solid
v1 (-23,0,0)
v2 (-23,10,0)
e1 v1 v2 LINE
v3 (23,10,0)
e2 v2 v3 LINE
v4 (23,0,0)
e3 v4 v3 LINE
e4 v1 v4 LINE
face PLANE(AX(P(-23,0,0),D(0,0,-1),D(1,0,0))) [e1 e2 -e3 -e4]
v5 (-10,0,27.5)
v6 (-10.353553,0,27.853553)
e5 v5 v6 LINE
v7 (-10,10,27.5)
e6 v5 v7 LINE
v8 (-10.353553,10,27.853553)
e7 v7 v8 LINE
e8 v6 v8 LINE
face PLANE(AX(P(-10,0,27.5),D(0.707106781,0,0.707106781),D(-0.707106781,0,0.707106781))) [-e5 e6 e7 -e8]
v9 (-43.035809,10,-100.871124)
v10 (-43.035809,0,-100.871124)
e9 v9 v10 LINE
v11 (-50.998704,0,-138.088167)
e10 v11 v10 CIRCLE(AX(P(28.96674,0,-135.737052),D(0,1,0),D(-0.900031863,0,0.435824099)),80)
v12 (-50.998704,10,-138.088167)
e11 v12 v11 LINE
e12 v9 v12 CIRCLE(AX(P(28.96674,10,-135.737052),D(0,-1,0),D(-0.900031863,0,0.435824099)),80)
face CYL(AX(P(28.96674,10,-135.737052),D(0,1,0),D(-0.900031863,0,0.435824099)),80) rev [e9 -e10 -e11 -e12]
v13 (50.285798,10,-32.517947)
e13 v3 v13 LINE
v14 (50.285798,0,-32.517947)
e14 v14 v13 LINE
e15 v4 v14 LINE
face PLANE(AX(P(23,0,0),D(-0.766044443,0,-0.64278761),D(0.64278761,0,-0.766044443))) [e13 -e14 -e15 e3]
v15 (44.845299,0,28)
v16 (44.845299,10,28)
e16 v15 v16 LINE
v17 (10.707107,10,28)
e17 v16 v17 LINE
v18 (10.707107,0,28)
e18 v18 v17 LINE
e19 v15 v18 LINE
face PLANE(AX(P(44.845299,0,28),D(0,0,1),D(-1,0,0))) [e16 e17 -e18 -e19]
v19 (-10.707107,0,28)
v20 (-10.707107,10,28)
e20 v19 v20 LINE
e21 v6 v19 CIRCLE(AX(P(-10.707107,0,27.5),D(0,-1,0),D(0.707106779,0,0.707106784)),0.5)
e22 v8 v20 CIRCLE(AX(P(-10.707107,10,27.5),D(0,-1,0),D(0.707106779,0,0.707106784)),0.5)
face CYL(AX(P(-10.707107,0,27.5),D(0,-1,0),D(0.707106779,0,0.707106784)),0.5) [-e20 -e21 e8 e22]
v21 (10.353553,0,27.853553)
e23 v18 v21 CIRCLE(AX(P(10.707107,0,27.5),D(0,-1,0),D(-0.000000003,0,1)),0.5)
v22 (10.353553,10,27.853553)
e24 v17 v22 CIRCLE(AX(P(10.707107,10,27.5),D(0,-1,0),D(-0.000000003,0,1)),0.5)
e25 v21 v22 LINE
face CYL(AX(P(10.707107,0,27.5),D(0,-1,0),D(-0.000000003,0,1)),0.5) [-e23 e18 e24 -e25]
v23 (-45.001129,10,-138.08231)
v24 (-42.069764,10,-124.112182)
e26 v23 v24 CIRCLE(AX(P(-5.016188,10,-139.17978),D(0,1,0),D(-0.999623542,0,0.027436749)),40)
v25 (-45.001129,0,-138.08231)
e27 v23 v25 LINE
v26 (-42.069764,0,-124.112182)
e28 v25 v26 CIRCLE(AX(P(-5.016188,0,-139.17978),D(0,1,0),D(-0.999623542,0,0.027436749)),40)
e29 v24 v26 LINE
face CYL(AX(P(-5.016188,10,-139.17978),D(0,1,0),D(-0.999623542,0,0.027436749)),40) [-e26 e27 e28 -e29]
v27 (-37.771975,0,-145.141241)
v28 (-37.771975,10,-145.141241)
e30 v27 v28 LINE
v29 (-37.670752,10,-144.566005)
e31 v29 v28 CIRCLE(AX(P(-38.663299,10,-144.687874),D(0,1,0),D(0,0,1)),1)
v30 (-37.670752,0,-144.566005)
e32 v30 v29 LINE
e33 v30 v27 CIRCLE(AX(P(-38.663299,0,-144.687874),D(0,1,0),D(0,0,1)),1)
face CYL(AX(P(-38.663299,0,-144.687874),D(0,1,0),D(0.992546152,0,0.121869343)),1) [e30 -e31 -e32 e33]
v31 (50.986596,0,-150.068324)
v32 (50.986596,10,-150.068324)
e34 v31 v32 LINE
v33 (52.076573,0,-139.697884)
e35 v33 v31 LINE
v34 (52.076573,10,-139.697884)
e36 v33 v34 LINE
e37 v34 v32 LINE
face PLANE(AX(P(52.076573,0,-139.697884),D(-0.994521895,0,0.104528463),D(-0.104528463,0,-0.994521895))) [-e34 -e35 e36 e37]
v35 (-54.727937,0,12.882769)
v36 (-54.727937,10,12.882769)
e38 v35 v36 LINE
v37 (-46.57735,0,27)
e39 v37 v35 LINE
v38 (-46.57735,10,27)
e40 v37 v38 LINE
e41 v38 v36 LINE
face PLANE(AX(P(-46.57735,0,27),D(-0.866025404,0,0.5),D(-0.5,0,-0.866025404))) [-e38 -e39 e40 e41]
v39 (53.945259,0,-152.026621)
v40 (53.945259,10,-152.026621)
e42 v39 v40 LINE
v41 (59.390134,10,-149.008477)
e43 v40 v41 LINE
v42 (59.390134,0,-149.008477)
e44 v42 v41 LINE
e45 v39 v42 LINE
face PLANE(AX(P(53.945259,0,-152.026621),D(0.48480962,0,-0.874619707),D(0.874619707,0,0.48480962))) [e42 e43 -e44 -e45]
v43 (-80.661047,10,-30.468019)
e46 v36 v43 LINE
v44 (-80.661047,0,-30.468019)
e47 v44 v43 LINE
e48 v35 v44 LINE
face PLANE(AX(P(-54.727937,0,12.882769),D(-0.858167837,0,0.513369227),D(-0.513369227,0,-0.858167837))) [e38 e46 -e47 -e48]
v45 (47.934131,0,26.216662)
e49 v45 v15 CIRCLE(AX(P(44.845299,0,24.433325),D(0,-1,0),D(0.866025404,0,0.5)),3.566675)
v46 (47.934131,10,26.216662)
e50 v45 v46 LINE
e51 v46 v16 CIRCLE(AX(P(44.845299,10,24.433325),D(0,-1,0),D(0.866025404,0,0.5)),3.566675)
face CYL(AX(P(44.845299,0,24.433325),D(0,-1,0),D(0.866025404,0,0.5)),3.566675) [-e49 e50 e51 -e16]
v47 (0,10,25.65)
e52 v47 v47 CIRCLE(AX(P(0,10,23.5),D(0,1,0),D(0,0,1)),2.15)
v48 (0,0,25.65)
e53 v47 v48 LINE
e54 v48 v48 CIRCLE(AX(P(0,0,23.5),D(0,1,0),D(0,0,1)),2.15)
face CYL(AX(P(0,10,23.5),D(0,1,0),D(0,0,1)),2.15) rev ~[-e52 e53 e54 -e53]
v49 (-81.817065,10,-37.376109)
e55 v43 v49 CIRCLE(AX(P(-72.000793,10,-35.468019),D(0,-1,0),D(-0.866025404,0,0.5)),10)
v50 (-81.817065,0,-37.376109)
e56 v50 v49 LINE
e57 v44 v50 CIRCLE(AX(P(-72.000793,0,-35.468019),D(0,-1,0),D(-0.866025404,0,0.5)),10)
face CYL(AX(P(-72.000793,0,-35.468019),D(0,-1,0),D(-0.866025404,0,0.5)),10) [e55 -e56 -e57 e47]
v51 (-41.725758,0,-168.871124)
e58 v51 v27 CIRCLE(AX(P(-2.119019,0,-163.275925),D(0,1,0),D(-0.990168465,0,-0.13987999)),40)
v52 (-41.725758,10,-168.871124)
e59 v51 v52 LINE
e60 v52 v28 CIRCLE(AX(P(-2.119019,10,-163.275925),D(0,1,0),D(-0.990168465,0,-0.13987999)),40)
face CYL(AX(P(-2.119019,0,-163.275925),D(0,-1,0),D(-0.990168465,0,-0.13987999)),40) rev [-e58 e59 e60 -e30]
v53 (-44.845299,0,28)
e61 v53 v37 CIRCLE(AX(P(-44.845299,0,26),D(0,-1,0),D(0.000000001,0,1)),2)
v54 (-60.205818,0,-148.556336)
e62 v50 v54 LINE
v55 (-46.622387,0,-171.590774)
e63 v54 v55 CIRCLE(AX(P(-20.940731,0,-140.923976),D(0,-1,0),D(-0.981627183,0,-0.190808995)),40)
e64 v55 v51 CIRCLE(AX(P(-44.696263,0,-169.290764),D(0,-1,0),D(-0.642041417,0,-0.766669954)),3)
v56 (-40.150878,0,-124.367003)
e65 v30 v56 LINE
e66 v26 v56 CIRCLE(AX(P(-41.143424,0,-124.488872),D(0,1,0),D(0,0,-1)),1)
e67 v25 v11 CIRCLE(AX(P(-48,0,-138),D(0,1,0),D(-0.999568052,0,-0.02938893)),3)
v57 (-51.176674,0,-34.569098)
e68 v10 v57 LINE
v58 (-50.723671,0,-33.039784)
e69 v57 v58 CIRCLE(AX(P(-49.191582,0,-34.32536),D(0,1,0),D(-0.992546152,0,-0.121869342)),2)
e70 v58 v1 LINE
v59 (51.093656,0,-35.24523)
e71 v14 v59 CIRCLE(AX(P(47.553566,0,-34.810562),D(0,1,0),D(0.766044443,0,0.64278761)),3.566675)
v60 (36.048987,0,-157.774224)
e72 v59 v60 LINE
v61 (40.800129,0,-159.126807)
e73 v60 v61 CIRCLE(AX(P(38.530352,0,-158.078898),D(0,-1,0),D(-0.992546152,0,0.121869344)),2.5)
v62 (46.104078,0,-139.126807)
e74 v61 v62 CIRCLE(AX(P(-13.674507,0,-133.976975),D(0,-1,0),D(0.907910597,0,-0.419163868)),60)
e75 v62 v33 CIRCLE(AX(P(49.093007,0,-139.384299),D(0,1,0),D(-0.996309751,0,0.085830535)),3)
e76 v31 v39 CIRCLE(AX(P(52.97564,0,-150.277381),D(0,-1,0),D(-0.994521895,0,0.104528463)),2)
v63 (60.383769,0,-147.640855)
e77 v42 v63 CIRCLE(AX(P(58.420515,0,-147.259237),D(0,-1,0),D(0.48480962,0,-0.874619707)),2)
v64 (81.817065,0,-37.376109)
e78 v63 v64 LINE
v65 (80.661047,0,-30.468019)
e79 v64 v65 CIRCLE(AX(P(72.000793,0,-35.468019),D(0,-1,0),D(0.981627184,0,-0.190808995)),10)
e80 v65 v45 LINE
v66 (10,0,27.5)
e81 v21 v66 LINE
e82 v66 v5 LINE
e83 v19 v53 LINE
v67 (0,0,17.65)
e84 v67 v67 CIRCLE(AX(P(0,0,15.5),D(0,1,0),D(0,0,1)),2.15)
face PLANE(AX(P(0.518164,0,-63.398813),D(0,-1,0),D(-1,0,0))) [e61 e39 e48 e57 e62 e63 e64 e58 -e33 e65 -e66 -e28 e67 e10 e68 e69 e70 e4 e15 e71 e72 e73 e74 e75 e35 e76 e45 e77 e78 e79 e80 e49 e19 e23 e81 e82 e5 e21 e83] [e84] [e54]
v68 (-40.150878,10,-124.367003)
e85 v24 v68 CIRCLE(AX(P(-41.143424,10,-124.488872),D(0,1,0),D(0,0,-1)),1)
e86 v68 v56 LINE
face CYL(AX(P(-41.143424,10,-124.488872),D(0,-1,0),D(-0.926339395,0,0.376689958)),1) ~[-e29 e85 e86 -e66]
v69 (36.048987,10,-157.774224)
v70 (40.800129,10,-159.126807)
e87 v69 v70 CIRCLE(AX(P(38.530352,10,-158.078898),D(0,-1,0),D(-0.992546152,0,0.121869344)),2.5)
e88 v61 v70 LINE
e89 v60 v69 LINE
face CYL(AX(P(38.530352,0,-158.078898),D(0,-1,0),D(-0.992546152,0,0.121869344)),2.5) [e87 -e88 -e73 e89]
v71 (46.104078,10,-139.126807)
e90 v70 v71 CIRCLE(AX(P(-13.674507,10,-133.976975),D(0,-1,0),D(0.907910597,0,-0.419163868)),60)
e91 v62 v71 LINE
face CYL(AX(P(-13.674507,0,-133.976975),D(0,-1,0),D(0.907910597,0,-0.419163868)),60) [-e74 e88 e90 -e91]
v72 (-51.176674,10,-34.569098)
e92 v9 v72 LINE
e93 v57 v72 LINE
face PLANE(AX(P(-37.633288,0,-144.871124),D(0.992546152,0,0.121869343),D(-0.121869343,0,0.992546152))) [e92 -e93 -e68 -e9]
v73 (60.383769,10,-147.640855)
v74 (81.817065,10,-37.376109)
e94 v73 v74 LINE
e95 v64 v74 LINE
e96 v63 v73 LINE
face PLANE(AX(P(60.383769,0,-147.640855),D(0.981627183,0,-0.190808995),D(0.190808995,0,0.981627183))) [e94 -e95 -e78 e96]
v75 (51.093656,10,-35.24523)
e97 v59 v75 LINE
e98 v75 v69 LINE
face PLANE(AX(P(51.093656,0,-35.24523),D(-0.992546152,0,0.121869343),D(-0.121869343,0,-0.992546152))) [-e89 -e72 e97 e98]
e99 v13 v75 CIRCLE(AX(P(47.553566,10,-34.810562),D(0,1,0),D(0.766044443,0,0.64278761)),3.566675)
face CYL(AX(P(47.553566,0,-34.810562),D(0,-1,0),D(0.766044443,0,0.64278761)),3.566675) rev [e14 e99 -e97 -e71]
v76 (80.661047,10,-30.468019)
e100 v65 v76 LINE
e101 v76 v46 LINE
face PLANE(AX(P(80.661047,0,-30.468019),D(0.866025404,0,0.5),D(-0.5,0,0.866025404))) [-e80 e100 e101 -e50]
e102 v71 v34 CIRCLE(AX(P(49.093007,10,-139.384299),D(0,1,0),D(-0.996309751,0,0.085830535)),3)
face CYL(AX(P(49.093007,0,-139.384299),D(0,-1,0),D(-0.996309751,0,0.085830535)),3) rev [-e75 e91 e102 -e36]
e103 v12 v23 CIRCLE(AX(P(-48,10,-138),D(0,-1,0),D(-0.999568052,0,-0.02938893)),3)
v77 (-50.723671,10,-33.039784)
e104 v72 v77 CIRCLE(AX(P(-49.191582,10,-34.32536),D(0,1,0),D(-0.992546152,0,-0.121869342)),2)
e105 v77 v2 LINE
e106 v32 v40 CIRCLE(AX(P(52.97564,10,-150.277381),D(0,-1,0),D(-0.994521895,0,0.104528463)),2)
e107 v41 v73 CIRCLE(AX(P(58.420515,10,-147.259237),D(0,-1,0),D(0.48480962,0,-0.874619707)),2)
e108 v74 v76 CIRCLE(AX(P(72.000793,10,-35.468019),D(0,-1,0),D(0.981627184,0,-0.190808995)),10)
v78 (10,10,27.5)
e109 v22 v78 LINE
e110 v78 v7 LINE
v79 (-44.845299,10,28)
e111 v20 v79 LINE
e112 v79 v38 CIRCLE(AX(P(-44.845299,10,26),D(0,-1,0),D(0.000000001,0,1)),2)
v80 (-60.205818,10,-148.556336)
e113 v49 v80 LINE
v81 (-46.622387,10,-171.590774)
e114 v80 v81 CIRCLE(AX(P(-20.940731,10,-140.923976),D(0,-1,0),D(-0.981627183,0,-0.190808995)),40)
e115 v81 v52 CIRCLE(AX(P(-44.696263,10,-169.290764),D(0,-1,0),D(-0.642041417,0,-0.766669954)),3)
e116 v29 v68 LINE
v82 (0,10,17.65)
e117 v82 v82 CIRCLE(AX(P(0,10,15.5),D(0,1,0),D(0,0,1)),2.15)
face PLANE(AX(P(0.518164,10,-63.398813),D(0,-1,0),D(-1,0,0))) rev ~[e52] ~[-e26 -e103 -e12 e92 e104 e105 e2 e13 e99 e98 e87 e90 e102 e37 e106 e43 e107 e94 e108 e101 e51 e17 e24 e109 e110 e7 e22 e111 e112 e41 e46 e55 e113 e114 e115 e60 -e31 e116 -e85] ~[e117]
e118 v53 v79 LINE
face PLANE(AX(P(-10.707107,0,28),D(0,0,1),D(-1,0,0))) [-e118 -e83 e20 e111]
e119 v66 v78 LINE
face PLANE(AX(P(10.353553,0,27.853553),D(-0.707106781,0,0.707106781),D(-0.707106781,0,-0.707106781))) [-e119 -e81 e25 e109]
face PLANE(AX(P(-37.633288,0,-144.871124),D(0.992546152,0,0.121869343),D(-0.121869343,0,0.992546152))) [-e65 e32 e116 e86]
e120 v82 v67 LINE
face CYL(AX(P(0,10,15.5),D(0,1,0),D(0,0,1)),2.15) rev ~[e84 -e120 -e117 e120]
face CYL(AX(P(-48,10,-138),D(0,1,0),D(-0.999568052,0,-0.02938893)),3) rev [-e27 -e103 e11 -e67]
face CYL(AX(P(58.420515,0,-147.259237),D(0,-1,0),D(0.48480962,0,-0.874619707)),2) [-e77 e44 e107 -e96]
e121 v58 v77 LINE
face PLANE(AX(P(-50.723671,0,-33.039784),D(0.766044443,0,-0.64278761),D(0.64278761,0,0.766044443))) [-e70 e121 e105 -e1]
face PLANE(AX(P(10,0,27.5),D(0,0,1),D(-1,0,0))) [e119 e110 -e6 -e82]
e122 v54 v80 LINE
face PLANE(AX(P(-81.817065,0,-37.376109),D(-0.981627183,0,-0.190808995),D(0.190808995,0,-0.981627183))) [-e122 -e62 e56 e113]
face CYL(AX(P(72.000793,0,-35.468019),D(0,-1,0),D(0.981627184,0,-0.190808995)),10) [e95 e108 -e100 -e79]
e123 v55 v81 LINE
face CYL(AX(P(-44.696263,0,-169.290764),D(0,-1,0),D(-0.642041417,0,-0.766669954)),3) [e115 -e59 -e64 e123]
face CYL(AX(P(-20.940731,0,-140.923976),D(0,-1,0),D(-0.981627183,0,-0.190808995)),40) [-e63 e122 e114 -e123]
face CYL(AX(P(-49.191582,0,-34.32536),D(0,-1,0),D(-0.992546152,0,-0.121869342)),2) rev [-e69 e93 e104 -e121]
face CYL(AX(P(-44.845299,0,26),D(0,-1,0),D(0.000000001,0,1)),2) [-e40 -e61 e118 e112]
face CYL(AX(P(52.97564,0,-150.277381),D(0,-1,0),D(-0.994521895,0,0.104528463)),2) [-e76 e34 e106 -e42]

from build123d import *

# Parameters (mm, degrees)
EXTRUDE_1_DEPTH     = 10
CUT_EXTRUDE_1_REACH = 193.071
SKETCH_2_R          = 2.15
FILLET_1_R          = 1


with BuildPart() as part:
    # 草图1 → 凸台-拉伸1 (new body)
    with BuildSketch(Plane(origin=(0, 0, 0), x_dir=(1, 0, 0), z_dir=(0, 1, 0))):
        with BuildLine():
            Line((-23, 0), (23, 0))
            Line((23, 0), (50.285797586, 32.5179473))
            ThreePointArc((50.285797586, 32.5179473), (50.973364459, 33.797571478), (51.093655637, 35.245230373))
            Line((51.093655637, 35.245230373), (36.048986901, 157.774224452))
            ThreePointArc((36.048986901, 157.774224452), (37.845835898, 160.483359772), (40.800128771, 159.126807481))
            ThreePointArc((40.800128771, 159.126807481), (44.320748104, 149.357169855), (46.104078009, 139.126807481))
            ThreePointArc((46.104078009, 139.126807481), (49.378558351, 136.397919911), (52.076572947, 139.697884476))
            Line((52.076572947, 139.697884476), (50.986595809, 150.068324212))
            ThreePointArc((50.986595809, 150.068324212), (51.871765629, 151.945152782), (53.94525884, 152.026620552))
            Line((53.94525884, 152.026620552), (59.390134233, 149.008476838))
            ThreePointArc((59.390134233, 149.008476838), (60.038548982, 148.434807928), (60.38376936, 147.640855414))
            Line((60.38376936, 147.640855414), (81.817064827, 37.376109146))
            ThreePointArc((81.817064827, 37.376109146), (81.863649007, 33.817543133), (80.66104703, 30.468019192))
            Line((80.66104703, 30.468019192), (47.934130885, -26.216662346))
            ThreePointArc((47.934130885, -26.216662346), (46.628637115, -27.522156116), (44.845299462, -28))
            Line((44.845299462, -28), (10.707106781, -28))
            ThreePointArc((10.707106781, -28), (10.515765065, -27.961939766), (10.353553391, -27.853553391))
            Line((10.353553391, -27.853553391), (10, -27.5))
            Line((10, -27.5), (-10, -27.5))
            Line((-10, -27.5), (-10.353553391, -27.853553391))
            ThreePointArc((-10.353553391, -27.853553391), (-10.515765065, -27.961939766), (-10.707106781, -28))
            Line((-10.707106781, -28), (-44.845299462, -28))
            ThreePointArc((-44.845299462, -28), (-45.845299462, -27.732050808), (-46.577350269, -27))
            Line((-46.577350269, -27), (-54.72793721, -12.882769307))
            Line((-54.72793721, -12.882769307), (-80.66104703, 30.468019192))
            ThreePointArc((-80.66104703, 30.468019192), (-81.863649007, 33.817543133), (-81.817064827, 37.376109146))
            Line((-81.817064827, 37.376109146), (-60.205817968, 148.556335961))
            ThreePointArc((-60.205817968, 148.556335961), (-55.396009288, 161.24228741), (-46.622387315, 171.590774314))
            ThreePointArc((-46.622387315, 171.590774314), (-43.239620762, 171.913395421), (-41.72575767, 168.871124481))
            ThreePointArc((-41.72575767, 168.871124481), (-41.549863048, 156.552194932), (-37.633288365, 144.871124481))
            Line((-37.633288365, 144.871124481), (-51.176674229, 34.569098196))
            ThreePointArc((-51.176674229, 34.569098196), (-51.109221395, 33.75732882), (-50.723670812, 33.03978429))
            Line((-50.723670812, 33.03978429), (-23, 0))
        make_face()
    extrude(amount=EXTRUDE_1_DEPTH)

    # 草图2 → 切除-拉伸1 (cut, up to next)
    with BuildSketch(Plane(origin=(0, 10, 0), x_dir=(1, 0, 0), z_dir=(0, 1, 0)), mode=Mode.PRIVATE) as cut_extrude_1_sk1:
        with Locations(Location((0, -23.5, 0), (0, 0, 270))):
            Circle(SKETCH_2_R)
    cut_extrude_1_tool1 = extrude(cut_extrude_1_sk1.sketch, amount=-CUT_EXTRUDE_1_REACH, mode=Mode.PRIVATE) & part.part
    # 草图2 → 切除-拉伸1 (cut, up to next)
    with BuildSketch(Plane(origin=(0, 10, 0), x_dir=(1, 0, 0), z_dir=(0, 1, 0)), mode=Mode.PRIVATE) as cut_extrude_1_sk2:
        with Locations(Location((0, -15.5, 0), (0, 0, 270))):
            Circle(SKETCH_2_R)
    cut_extrude_1_tool2 = extrude(cut_extrude_1_sk2.sketch, amount=-CUT_EXTRUDE_1_REACH, mode=Mode.PRIVATE) & part.part
    # 草图2 → 切除-拉伸1 (cut, up to next)
    with BuildSketch(Plane(origin=(0, 10, 0), x_dir=(1, 0, 0), z_dir=(0, 1, 0)), mode=Mode.PRIVATE) as cut_extrude_1_sk3:
        with BuildLine():
            Line((-40.580117827, 120.871124481), (-43.035809045, 100.871124481))
            ThreePointArc((-43.035809045, 100.871124481), (-49.262696908, 118.999215044), (-50.998704156, 138.08816679))
            ThreePointArc((-50.998704156, 138.08816679), (-47.997070546, 140.99999857), (-45.001129375, 138.082310248))
            ThreePointArc((-45.001129375, 138.082310248), (-43.758467402, 129.228108775), (-40.580117827, 120.871124481))
        make_face()
    cut_extrude_1_tool3 = extrude(cut_extrude_1_sk3.sketch, amount=-CUT_EXTRUDE_1_REACH, mode=Mode.PRIVATE) & part.part
    add(cut_extrude_1_tool1.solids().sort_by_distance((0, 10, 23.5))[0], mode=Mode.SUBTRACT)
    add(cut_extrude_1_tool2.solids().sort_by_distance((0, 10, 15.5))[0], mode=Mode.SUBTRACT)
    add(cut_extrude_1_tool3.solids().sort_by_distance((-46.028937, 10, -123.122257))[0], mode=Mode.SUBTRACT)

    # 圆角1
    fillet_1_edges = [part.edges().sort_by_distance(p)[0] for p in [
        (-40.580117827, 5, -120.871124481),
        (-37.633288365, 5, -144.871124481),
    ]]
    fillet(fillet_1_edges, radius=FILLET_1_R)


solid = part.part
